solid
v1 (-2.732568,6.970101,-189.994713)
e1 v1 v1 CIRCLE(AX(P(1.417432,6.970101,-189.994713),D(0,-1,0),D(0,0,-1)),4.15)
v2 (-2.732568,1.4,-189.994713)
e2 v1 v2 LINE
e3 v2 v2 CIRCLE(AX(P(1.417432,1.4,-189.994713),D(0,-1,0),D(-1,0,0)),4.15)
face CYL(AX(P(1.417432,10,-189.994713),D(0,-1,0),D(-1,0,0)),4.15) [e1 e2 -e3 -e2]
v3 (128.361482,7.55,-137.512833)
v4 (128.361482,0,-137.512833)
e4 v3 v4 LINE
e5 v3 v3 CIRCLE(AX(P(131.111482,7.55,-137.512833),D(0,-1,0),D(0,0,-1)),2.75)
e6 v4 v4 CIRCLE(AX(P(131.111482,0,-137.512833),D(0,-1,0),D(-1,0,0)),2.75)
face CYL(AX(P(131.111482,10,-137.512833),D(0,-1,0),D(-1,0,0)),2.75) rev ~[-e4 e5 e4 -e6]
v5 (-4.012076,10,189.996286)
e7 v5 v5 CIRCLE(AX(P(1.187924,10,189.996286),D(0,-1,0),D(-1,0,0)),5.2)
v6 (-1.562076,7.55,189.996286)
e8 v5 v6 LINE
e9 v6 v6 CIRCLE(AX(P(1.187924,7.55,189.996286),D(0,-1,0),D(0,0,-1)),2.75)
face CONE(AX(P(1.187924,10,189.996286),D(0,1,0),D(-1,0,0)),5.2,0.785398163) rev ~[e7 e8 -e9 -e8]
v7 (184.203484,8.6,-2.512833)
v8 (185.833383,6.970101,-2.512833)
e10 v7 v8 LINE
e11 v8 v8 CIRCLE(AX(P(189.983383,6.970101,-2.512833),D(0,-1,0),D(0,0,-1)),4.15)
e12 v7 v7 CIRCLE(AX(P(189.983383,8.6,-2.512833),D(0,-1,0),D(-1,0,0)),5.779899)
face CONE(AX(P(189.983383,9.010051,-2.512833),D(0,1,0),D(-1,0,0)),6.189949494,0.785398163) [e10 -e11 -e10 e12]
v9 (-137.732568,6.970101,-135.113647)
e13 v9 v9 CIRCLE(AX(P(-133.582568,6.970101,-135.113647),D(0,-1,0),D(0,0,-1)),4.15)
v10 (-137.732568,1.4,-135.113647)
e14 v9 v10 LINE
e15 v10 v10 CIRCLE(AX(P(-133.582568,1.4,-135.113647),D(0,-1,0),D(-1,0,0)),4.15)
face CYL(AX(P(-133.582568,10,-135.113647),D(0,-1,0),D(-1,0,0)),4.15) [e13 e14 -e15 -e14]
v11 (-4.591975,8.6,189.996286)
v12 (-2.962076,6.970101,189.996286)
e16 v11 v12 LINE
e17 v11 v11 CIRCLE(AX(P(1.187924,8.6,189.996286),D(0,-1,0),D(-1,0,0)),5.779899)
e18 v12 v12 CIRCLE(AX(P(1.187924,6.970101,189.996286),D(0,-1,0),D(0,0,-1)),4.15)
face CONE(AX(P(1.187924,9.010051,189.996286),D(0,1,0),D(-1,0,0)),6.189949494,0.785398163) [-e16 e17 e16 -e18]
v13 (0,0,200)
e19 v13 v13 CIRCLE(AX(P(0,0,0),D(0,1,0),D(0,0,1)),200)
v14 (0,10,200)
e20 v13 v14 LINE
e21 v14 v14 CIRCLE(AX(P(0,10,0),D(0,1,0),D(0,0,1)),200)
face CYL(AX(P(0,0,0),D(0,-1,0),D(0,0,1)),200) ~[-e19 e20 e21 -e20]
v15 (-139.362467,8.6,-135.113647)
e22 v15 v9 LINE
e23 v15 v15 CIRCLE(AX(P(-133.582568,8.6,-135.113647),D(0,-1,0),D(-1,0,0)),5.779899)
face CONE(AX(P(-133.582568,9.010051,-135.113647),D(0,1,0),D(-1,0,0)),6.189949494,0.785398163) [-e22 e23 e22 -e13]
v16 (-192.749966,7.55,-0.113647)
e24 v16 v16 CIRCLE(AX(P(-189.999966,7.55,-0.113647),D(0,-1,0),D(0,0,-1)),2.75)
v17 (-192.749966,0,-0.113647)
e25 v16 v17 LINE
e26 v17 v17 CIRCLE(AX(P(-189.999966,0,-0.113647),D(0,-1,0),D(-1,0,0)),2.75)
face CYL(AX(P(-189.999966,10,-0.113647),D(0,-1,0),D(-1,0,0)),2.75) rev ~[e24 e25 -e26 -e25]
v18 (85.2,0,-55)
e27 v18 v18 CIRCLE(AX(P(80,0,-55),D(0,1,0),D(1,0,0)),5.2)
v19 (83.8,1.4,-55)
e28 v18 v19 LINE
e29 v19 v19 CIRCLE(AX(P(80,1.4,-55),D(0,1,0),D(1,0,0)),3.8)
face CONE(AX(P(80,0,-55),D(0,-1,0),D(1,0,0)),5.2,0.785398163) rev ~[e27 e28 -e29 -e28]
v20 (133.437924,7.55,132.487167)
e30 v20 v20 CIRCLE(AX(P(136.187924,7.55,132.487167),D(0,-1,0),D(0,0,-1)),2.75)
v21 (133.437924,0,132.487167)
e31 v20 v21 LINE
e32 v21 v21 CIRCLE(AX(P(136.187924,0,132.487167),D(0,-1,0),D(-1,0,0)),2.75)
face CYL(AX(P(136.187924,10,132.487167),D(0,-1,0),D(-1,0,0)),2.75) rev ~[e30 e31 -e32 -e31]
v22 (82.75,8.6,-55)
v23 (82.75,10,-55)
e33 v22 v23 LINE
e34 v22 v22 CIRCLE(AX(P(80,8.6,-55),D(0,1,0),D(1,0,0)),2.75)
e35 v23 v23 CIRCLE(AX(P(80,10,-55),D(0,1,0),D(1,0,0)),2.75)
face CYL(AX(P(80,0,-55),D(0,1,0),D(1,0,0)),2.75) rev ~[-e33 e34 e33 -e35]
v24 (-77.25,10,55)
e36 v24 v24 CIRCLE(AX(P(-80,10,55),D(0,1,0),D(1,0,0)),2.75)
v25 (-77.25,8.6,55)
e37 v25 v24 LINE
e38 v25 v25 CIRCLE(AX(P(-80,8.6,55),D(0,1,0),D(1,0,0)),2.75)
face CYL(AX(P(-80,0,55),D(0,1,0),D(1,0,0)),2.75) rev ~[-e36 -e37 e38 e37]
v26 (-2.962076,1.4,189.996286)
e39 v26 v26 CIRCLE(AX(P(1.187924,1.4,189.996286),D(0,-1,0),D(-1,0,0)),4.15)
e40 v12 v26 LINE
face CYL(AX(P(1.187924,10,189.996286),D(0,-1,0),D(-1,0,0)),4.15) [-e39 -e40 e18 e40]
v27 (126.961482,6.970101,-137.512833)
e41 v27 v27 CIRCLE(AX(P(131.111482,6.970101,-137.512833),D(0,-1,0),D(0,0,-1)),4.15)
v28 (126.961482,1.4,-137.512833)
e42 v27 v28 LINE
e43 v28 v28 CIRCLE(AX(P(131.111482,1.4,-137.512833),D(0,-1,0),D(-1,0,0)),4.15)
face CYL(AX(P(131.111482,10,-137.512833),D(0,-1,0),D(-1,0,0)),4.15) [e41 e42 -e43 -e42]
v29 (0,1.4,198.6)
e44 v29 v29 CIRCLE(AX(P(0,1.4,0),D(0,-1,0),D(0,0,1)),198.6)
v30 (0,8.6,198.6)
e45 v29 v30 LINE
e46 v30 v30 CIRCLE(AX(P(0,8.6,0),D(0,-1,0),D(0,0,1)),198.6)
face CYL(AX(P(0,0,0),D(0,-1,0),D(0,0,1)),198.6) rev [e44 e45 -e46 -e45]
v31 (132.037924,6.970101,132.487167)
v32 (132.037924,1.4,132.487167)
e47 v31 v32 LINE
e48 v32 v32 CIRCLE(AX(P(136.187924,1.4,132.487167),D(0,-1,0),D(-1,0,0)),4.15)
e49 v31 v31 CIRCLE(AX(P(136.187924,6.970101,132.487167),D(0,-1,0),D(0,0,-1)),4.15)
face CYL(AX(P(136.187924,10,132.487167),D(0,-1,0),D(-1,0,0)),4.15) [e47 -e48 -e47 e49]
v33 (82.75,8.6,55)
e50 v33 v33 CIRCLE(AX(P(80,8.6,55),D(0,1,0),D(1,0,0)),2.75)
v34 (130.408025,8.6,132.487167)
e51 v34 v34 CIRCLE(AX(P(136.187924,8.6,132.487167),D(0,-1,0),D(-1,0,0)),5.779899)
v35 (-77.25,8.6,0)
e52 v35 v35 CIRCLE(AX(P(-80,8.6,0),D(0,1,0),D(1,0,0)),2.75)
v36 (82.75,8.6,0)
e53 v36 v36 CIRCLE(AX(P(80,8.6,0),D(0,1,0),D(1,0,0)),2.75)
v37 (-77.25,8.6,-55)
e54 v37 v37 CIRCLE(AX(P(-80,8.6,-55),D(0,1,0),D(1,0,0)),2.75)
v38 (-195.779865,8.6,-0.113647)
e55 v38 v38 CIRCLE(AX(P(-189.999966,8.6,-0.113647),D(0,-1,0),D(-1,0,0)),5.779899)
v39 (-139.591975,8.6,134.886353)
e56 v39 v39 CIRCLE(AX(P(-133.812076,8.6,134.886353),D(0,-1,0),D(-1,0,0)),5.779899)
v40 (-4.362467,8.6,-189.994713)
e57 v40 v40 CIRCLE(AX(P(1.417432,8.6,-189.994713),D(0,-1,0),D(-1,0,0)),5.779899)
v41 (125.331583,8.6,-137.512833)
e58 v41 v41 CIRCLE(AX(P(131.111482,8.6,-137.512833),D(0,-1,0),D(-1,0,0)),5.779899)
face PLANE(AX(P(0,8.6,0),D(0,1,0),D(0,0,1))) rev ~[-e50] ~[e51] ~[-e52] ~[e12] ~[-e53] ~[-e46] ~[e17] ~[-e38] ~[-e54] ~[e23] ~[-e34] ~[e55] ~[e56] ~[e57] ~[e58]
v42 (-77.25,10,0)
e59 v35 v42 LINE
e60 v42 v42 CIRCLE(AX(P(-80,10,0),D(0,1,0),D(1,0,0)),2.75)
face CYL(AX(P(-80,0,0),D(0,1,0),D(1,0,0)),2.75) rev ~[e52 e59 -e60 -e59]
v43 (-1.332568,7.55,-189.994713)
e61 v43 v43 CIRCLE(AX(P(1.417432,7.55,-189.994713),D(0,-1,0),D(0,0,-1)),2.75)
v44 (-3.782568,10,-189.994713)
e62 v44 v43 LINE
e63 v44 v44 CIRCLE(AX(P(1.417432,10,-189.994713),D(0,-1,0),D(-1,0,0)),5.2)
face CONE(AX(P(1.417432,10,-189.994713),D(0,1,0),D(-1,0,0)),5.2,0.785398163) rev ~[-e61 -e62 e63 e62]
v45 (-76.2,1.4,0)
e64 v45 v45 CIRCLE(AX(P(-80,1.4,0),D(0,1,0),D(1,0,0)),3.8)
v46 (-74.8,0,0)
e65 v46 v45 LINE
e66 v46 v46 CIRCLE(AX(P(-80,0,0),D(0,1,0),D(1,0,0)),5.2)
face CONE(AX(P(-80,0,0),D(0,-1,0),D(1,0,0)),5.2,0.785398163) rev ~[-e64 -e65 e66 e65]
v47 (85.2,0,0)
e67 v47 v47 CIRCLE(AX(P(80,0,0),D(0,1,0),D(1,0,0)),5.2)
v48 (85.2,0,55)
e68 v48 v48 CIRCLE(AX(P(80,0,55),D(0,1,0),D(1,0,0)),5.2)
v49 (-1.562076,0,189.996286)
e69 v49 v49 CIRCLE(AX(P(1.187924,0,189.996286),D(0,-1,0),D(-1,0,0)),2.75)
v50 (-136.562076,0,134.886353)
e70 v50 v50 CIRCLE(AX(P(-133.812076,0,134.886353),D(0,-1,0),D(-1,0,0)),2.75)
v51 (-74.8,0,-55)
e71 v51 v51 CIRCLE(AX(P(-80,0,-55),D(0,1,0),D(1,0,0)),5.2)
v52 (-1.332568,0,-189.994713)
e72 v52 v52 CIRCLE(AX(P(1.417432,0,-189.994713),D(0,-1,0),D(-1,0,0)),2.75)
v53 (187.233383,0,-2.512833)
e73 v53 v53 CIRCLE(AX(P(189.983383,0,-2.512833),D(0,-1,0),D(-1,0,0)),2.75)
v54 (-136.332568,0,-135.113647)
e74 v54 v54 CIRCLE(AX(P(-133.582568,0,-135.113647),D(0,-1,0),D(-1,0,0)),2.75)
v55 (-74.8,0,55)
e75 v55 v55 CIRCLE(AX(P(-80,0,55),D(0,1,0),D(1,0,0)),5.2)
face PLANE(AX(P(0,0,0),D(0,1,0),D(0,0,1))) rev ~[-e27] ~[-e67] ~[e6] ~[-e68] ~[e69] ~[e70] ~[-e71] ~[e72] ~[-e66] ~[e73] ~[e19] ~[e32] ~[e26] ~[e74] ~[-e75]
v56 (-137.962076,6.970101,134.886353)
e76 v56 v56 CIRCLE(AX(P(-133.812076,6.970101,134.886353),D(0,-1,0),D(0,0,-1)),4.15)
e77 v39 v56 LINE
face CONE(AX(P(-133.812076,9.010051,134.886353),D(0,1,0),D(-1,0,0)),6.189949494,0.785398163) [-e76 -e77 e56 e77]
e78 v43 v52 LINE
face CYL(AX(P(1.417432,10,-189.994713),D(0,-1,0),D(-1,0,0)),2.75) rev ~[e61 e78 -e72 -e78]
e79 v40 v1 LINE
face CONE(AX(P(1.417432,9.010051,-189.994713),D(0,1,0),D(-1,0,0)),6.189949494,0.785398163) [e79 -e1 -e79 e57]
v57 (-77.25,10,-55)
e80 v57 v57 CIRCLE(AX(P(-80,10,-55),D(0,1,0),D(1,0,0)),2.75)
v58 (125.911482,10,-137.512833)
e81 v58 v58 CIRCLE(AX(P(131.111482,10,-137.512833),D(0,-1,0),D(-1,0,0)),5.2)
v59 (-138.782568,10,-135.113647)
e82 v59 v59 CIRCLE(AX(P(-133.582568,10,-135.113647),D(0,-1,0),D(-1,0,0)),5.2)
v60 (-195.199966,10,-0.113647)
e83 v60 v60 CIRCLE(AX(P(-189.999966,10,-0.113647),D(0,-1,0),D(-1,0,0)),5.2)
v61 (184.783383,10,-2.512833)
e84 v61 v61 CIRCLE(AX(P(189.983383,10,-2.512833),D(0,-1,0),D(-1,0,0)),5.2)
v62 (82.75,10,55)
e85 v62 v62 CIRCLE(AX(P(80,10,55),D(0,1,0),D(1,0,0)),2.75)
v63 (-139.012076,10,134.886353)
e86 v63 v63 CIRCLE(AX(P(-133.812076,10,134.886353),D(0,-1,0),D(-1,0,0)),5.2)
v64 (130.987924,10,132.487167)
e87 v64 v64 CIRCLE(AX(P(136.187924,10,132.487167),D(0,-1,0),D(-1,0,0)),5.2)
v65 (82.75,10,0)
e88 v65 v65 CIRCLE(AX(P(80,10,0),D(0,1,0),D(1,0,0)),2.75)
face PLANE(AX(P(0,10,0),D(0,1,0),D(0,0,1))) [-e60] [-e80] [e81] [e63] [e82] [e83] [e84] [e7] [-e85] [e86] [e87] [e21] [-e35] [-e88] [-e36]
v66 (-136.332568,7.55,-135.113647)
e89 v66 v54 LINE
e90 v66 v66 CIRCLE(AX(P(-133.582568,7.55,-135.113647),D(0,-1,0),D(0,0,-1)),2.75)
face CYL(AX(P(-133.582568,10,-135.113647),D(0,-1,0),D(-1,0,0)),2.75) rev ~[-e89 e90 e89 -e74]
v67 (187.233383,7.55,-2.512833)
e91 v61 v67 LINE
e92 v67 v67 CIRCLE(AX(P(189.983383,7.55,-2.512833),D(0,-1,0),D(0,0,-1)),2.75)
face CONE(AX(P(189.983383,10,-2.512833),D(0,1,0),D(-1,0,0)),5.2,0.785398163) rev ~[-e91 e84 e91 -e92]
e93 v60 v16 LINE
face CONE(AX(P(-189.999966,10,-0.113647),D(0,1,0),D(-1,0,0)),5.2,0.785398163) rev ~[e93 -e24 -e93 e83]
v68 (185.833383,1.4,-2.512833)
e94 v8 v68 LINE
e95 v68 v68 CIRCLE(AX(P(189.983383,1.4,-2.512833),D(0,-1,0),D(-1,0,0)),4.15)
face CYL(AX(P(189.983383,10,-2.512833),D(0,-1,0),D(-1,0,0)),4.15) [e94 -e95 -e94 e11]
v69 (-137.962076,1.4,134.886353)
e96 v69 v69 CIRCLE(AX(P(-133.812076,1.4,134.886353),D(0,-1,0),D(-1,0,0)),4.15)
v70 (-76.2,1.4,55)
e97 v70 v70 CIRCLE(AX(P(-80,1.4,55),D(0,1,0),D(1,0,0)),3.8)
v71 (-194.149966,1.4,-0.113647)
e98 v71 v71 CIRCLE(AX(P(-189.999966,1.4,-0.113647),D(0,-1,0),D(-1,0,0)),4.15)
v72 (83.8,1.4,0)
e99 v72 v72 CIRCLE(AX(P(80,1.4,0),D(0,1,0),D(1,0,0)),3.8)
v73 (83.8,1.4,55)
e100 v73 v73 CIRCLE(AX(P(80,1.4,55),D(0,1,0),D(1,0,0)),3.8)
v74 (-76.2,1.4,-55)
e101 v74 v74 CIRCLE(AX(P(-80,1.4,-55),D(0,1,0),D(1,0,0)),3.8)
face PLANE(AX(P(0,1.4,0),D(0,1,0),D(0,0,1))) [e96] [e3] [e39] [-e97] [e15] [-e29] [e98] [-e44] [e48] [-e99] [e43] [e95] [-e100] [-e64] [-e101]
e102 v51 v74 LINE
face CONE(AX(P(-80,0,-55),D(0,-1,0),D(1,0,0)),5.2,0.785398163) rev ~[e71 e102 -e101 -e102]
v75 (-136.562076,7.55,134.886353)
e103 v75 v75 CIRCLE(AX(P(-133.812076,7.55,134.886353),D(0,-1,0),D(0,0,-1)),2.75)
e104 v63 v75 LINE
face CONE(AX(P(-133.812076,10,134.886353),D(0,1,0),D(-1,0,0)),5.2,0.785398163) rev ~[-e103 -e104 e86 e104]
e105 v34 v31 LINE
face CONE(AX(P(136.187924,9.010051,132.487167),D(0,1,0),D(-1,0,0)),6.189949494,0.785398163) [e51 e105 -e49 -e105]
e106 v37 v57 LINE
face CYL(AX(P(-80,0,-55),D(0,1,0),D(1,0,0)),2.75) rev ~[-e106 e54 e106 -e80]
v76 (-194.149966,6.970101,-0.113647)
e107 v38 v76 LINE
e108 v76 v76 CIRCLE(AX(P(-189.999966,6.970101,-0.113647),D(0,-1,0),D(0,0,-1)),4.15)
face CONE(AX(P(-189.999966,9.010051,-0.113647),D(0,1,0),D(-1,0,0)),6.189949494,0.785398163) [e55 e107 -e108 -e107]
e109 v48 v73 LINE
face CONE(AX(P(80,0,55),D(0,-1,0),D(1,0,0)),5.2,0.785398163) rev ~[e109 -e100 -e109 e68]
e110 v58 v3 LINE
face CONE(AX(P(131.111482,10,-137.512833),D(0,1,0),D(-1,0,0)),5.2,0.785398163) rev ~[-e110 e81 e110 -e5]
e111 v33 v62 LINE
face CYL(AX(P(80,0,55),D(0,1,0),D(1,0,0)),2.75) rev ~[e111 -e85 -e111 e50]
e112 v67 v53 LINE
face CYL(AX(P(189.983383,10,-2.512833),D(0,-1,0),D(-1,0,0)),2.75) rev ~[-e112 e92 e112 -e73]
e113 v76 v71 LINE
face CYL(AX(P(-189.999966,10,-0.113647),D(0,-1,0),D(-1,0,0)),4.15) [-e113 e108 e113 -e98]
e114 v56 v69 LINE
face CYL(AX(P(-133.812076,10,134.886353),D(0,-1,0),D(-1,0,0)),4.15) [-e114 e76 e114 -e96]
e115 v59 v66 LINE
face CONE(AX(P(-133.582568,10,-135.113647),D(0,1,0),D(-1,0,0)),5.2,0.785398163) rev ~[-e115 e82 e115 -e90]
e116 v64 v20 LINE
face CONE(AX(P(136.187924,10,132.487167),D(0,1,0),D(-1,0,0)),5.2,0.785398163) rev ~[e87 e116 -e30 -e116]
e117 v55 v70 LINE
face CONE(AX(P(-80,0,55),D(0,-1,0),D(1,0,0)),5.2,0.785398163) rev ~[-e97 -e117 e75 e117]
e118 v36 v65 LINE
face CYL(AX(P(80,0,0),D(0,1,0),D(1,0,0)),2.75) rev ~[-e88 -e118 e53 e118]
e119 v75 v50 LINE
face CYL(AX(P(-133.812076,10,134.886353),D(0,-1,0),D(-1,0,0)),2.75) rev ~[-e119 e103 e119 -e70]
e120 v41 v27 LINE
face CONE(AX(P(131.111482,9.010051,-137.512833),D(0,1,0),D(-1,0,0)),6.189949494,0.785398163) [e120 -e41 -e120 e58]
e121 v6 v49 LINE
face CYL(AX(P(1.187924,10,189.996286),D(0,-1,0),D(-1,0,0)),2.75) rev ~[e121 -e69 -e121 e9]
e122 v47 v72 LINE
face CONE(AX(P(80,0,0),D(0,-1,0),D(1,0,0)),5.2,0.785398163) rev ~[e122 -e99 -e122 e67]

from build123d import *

# Parameters (mm, degrees)
SKETCH1_R                                       = 200
BOSS_EXTRUDE1_DEPTH                             = 10
CSK_FOR_M5_FLAT_HEAD_MACHINE_SCREW1_D           = 5.5
CSK_FOR_M5_FLAT_HEAD_MACHINE_SCREW1_CSINK_D     = 10.4
CSK_FOR_M5_FLAT_HEAD_MACHINE_SCREW1_CSINK_ANGLE = 90
SHELL1_T                                        = 1.4
CSK_FOR_M5_FLAT_HEAD_MACHINE_SCREW2_D           = 5.5
CSK_FOR_M5_FLAT_HEAD_MACHINE_SCREW2_CSINK_D     = 10.4
CSK_FOR_M5_FLAT_HEAD_MACHINE_SCREW2_CSINK_ANGLE = 90


with BuildPart() as part:
    # Sketch1 → Boss-Extrude1 (new body)
    with BuildSketch(Plane(origin=(0, 0, 0), x_dir=(1, 0, 0), z_dir=(0, 1, 0))):
        with Locations(Location((0, 0, 0), (0, 0, 270))):
            Circle(SKETCH1_R)
    extrude(amount=BOSS_EXTRUDE1_DEPTH)

    # CSK for M5 Flat Head Machine Screw1 (through all)
    with Locations(Plane(origin=(0, 10, 0), x_dir=(1, 0, 0), z_dir=(0, 1, 0))):
        with Locations((-189.999966012, 0.113646638), (1.41743193, 189.994712786), (189.983382613, 2.512833264), (1.187924025, -189.996286376), (-133.812075975, -134.886353362), (-133.58256807, 135.113646638), (131.111481907, 137.512833264), (136.187924025, -132.487166736)):
            CounterSinkHole(CSK_FOR_M5_FLAT_HEAD_MACHINE_SCREW1_D / 2, CSK_FOR_M5_FLAT_HEAD_MACHINE_SCREW1_CSINK_D / 2, counter_sink_angle=CSK_FOR_M5_FLAT_HEAD_MACHINE_SCREW1_CSINK_ANGLE)

    # Shell1 (no face opened: a closed hollow body)
    add(offset(amount=-SHELL1_T, mode=Mode.PRIVATE), mode=Mode.SUBTRACT)

    # CSK for M5 Flat Head Machine Screw2 (through all)
    with Locations(Plane(origin=(0, 0, 0), x_dir=(-1, 0, 0), z_dir=(0, -1, 0))):
        with Locations((-80, 0), (-80, 55), (-80, -55), (80, 0), (80, 55), (80, -55)):
            CounterSinkHole(CSK_FOR_M5_FLAT_HEAD_MACHINE_SCREW2_D / 2, CSK_FOR_M5_FLAT_HEAD_MACHINE_SCREW2_CSINK_D / 2, counter_sink_angle=CSK_FOR_M5_FLAT_HEAD_MACHINE_SCREW2_CSINK_ANGLE)


solid = part.part
